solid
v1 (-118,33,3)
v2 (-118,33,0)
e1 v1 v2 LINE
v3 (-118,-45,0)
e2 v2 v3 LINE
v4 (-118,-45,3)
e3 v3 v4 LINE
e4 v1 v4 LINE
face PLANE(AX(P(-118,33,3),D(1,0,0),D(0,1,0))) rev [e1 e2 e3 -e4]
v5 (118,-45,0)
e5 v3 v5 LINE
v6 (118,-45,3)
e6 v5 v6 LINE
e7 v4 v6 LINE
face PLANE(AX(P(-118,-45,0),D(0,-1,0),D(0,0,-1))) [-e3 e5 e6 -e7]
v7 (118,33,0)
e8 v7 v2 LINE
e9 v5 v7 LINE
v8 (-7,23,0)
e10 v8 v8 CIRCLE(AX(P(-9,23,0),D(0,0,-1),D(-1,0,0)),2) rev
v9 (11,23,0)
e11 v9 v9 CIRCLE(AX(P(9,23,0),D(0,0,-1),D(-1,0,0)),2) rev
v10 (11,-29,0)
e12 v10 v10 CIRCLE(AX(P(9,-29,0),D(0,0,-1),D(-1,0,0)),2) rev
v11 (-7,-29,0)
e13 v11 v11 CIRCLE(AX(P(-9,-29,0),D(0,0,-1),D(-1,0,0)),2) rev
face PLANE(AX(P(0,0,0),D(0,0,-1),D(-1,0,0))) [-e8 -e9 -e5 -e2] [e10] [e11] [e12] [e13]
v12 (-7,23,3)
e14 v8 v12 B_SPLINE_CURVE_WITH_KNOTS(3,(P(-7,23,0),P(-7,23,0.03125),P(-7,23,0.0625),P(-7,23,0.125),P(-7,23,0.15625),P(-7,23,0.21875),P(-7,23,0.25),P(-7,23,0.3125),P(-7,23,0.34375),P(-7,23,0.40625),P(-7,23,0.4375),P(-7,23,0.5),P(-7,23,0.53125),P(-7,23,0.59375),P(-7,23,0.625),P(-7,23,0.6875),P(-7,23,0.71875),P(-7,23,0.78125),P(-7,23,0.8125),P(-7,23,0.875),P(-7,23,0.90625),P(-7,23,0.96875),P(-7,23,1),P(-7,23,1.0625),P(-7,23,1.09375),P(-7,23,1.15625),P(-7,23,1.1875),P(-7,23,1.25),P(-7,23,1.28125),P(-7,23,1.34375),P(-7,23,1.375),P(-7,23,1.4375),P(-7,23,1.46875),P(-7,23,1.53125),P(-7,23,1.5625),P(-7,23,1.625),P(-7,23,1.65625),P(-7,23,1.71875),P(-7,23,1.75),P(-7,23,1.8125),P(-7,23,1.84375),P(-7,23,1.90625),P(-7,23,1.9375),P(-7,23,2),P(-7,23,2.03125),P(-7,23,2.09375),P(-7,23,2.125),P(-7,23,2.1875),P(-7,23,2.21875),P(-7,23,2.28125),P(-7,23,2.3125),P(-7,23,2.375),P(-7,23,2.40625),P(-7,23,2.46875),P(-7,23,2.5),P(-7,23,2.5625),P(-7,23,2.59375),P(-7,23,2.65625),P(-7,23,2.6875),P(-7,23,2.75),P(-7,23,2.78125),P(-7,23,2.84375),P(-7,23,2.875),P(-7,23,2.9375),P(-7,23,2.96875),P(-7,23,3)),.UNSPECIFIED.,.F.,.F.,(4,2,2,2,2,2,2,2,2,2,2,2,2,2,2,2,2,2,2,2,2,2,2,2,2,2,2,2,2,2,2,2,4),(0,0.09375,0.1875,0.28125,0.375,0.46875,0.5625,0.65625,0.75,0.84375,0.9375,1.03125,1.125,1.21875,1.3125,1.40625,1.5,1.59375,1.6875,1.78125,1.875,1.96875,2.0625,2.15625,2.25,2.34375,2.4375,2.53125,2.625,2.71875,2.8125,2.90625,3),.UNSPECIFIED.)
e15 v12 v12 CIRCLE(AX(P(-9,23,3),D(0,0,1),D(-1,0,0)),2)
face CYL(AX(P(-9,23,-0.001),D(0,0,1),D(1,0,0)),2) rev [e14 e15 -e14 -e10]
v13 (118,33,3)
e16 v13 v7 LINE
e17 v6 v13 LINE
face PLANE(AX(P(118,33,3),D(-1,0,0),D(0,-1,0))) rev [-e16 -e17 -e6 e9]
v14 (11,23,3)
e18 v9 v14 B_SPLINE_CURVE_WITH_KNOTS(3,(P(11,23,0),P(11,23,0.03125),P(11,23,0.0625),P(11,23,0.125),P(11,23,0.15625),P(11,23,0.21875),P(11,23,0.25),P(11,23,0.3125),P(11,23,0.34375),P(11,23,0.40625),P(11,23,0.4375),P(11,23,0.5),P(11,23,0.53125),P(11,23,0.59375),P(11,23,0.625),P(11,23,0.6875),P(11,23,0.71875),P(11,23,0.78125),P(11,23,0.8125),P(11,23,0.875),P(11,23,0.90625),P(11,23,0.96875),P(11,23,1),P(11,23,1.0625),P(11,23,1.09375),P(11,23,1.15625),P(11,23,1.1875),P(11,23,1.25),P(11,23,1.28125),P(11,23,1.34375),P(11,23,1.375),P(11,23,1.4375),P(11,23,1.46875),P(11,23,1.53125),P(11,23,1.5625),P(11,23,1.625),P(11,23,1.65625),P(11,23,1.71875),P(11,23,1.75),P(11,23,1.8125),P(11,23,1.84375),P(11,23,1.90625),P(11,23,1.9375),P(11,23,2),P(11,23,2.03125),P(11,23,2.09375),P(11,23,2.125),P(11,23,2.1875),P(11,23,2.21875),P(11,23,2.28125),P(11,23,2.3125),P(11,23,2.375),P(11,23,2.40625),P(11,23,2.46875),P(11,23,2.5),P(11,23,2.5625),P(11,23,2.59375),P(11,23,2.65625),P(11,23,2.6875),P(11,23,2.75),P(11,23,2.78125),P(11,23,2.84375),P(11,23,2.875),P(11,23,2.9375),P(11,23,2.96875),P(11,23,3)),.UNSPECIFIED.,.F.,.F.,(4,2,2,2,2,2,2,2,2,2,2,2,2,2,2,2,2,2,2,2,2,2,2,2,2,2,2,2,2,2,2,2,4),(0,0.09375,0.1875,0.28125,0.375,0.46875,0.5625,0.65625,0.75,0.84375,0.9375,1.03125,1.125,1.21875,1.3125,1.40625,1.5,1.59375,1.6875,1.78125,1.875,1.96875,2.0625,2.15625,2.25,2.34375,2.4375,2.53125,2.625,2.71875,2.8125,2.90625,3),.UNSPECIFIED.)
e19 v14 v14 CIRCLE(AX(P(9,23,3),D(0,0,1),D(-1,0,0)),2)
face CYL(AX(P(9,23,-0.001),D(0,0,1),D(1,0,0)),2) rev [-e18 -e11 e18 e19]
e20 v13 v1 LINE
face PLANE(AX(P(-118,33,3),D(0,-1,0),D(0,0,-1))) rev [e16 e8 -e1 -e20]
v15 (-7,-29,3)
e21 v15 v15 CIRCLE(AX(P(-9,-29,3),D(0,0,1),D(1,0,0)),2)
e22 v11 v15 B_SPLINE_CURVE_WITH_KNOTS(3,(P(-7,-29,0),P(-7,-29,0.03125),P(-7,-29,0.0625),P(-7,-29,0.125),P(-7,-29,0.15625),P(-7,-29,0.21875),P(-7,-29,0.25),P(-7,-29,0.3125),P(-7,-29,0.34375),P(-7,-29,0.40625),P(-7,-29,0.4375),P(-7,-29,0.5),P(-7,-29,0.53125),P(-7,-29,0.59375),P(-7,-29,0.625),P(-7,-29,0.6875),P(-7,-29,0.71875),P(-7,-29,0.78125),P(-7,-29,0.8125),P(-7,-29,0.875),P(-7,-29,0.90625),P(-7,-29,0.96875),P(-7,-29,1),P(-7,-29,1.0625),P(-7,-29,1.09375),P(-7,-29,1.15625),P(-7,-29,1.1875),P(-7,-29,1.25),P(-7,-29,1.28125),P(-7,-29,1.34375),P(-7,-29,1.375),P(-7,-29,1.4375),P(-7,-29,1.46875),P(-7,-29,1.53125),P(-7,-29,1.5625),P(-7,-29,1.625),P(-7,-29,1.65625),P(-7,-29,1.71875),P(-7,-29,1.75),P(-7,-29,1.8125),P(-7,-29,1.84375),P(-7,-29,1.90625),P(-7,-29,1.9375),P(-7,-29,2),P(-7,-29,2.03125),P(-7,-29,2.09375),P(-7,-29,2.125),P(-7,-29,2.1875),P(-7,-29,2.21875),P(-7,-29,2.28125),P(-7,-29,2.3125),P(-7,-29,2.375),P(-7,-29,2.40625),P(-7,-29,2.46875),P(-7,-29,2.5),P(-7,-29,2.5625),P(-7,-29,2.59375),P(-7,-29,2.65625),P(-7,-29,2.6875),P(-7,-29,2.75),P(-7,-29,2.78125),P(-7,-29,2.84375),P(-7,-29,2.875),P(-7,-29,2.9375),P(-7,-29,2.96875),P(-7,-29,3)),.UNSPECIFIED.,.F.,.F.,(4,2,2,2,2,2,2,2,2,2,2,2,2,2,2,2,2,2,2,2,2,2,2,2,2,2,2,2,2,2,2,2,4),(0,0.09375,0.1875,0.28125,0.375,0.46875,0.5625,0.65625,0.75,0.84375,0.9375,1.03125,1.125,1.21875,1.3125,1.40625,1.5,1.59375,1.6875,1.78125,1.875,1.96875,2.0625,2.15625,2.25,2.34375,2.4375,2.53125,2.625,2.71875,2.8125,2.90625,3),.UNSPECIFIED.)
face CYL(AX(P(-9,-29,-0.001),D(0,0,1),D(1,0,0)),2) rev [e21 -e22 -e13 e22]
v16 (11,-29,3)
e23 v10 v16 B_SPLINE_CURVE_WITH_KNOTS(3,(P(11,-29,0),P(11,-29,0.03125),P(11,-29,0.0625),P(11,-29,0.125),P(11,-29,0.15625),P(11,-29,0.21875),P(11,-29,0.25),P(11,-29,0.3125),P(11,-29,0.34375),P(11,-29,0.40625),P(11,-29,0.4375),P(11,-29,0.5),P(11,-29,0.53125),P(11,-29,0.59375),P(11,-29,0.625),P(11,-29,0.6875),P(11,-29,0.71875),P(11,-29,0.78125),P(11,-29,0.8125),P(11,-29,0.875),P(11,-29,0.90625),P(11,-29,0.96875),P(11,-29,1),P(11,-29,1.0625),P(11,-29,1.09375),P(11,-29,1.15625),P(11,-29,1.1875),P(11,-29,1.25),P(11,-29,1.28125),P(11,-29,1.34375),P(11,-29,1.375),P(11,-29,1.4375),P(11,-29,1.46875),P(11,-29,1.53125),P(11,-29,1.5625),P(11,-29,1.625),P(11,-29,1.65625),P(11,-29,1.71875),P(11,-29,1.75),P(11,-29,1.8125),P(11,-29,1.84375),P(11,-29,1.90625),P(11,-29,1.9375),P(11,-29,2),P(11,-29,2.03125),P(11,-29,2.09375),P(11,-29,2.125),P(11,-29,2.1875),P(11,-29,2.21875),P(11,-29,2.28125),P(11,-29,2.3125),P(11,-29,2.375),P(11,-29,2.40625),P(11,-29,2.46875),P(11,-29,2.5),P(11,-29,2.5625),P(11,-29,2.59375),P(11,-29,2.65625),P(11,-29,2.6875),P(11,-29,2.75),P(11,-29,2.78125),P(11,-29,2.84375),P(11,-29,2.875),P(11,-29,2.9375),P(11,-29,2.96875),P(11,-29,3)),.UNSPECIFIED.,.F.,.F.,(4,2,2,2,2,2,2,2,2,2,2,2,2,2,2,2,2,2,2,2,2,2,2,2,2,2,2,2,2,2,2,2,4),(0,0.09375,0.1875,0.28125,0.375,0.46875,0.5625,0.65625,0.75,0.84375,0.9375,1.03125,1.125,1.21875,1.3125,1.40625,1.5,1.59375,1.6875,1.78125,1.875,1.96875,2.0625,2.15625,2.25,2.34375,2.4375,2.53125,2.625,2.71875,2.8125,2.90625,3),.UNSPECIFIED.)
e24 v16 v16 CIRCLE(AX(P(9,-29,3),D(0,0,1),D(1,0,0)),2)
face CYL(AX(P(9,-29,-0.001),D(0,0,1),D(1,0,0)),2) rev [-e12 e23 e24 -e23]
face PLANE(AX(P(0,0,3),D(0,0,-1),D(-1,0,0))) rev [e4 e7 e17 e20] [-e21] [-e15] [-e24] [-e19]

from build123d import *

# Parameters (mm, degrees)
ESQUISSE1_W             = 236
ESQUISSE1_H             = 72
BOSS_EXTRU_1_DEPTH      = 3
ENL_V_MAT_EXTRU_1_REACH = 126.314
ESQUISSE2_R             = 2
ESQUISSE3_W             = 236
ESQUISSE3_H             = 6
BOSS_EXTRU_2_DEPTH      = 3


with BuildPart() as part:
    # Esquisse1 → Boss.-Extru.1 (new body)
    with BuildSketch(Plane.XY):
        with Locations((0, -3)):
            Rectangle(ESQUISSE1_W, ESQUISSE1_H)
    extrude(amount=BOSS_EXTRU_1_DEPTH)

    # Esquisse2 → Enlèv. mat.-Extru.1 (cut, up to next)
    with BuildSketch(Plane.XY.offset(3), mode=Mode.PRIVATE) as enl_v_mat_extru_1_sk1:
        with Locations((9, -29)):
            Circle(ESQUISSE2_R)
    enl_v_mat_extru_1_tool1 = extrude(enl_v_mat_extru_1_sk1.sketch, amount=-ENL_V_MAT_EXTRU_1_REACH, mode=Mode.PRIVATE) & part.part
    # Esquisse2 → Enlèv. mat.-Extru.1 (cut, up to next)
    with BuildSketch(Plane.XY.offset(3), mode=Mode.PRIVATE) as enl_v_mat_extru_1_sk2:
        with Locations((-9, -29)):
            Circle(ESQUISSE2_R)
    enl_v_mat_extru_1_tool2 = extrude(enl_v_mat_extru_1_sk2.sketch, amount=-ENL_V_MAT_EXTRU_1_REACH, mode=Mode.PRIVATE) & part.part
    # Esquisse2 → Enlèv. mat.-Extru.1 (cut, up to next)
    with BuildSketch(Plane.XY.offset(3), mode=Mode.PRIVATE) as enl_v_mat_extru_1_sk3:
        with Locations((-9, 23)):
            Circle(ESQUISSE2_R)
    enl_v_mat_extru_1_tool3 = extrude(enl_v_mat_extru_1_sk3.sketch, amount=-ENL_V_MAT_EXTRU_1_REACH, mode=Mode.PRIVATE) & part.part
    # Esquisse2 → Enlèv. mat.-Extru.1 (cut, up to next)
    with BuildSketch(Plane.XY.offset(3), mode=Mode.PRIVATE) as enl_v_mat_extru_1_sk4:
        with Locations((9, 23)):
            Circle(ESQUISSE2_R)
    enl_v_mat_extru_1_tool4 = extrude(enl_v_mat_extru_1_sk4.sketch, amount=-ENL_V_MAT_EXTRU_1_REACH, mode=Mode.PRIVATE) & part.part
    add(enl_v_mat_extru_1_tool1.solids().sort_by_distance((9, -29, 3))[0], mode=Mode.SUBTRACT)
    add(enl_v_mat_extru_1_tool2.solids().sort_by_distance((-9, -29, 3))[0], mode=Mode.SUBTRACT)
    add(enl_v_mat_extru_1_tool3.solids().sort_by_distance((-9, 23, 3))[0], mode=Mode.SUBTRACT)
    add(enl_v_mat_extru_1_tool4.solids().sort_by_distance((9, 23, 3))[0], mode=Mode.SUBTRACT)

    # Esquisse3 → Boss.-Extru.2 (add)
    with BuildSketch(Plane.XY.offset(3)):
        with Locations((0, -42)):
            Rectangle(ESQUISSE3_W, ESQUISSE3_H)
    extrude(amount=-BOSS_EXTRU_2_DEPTH)


solid = part.part
